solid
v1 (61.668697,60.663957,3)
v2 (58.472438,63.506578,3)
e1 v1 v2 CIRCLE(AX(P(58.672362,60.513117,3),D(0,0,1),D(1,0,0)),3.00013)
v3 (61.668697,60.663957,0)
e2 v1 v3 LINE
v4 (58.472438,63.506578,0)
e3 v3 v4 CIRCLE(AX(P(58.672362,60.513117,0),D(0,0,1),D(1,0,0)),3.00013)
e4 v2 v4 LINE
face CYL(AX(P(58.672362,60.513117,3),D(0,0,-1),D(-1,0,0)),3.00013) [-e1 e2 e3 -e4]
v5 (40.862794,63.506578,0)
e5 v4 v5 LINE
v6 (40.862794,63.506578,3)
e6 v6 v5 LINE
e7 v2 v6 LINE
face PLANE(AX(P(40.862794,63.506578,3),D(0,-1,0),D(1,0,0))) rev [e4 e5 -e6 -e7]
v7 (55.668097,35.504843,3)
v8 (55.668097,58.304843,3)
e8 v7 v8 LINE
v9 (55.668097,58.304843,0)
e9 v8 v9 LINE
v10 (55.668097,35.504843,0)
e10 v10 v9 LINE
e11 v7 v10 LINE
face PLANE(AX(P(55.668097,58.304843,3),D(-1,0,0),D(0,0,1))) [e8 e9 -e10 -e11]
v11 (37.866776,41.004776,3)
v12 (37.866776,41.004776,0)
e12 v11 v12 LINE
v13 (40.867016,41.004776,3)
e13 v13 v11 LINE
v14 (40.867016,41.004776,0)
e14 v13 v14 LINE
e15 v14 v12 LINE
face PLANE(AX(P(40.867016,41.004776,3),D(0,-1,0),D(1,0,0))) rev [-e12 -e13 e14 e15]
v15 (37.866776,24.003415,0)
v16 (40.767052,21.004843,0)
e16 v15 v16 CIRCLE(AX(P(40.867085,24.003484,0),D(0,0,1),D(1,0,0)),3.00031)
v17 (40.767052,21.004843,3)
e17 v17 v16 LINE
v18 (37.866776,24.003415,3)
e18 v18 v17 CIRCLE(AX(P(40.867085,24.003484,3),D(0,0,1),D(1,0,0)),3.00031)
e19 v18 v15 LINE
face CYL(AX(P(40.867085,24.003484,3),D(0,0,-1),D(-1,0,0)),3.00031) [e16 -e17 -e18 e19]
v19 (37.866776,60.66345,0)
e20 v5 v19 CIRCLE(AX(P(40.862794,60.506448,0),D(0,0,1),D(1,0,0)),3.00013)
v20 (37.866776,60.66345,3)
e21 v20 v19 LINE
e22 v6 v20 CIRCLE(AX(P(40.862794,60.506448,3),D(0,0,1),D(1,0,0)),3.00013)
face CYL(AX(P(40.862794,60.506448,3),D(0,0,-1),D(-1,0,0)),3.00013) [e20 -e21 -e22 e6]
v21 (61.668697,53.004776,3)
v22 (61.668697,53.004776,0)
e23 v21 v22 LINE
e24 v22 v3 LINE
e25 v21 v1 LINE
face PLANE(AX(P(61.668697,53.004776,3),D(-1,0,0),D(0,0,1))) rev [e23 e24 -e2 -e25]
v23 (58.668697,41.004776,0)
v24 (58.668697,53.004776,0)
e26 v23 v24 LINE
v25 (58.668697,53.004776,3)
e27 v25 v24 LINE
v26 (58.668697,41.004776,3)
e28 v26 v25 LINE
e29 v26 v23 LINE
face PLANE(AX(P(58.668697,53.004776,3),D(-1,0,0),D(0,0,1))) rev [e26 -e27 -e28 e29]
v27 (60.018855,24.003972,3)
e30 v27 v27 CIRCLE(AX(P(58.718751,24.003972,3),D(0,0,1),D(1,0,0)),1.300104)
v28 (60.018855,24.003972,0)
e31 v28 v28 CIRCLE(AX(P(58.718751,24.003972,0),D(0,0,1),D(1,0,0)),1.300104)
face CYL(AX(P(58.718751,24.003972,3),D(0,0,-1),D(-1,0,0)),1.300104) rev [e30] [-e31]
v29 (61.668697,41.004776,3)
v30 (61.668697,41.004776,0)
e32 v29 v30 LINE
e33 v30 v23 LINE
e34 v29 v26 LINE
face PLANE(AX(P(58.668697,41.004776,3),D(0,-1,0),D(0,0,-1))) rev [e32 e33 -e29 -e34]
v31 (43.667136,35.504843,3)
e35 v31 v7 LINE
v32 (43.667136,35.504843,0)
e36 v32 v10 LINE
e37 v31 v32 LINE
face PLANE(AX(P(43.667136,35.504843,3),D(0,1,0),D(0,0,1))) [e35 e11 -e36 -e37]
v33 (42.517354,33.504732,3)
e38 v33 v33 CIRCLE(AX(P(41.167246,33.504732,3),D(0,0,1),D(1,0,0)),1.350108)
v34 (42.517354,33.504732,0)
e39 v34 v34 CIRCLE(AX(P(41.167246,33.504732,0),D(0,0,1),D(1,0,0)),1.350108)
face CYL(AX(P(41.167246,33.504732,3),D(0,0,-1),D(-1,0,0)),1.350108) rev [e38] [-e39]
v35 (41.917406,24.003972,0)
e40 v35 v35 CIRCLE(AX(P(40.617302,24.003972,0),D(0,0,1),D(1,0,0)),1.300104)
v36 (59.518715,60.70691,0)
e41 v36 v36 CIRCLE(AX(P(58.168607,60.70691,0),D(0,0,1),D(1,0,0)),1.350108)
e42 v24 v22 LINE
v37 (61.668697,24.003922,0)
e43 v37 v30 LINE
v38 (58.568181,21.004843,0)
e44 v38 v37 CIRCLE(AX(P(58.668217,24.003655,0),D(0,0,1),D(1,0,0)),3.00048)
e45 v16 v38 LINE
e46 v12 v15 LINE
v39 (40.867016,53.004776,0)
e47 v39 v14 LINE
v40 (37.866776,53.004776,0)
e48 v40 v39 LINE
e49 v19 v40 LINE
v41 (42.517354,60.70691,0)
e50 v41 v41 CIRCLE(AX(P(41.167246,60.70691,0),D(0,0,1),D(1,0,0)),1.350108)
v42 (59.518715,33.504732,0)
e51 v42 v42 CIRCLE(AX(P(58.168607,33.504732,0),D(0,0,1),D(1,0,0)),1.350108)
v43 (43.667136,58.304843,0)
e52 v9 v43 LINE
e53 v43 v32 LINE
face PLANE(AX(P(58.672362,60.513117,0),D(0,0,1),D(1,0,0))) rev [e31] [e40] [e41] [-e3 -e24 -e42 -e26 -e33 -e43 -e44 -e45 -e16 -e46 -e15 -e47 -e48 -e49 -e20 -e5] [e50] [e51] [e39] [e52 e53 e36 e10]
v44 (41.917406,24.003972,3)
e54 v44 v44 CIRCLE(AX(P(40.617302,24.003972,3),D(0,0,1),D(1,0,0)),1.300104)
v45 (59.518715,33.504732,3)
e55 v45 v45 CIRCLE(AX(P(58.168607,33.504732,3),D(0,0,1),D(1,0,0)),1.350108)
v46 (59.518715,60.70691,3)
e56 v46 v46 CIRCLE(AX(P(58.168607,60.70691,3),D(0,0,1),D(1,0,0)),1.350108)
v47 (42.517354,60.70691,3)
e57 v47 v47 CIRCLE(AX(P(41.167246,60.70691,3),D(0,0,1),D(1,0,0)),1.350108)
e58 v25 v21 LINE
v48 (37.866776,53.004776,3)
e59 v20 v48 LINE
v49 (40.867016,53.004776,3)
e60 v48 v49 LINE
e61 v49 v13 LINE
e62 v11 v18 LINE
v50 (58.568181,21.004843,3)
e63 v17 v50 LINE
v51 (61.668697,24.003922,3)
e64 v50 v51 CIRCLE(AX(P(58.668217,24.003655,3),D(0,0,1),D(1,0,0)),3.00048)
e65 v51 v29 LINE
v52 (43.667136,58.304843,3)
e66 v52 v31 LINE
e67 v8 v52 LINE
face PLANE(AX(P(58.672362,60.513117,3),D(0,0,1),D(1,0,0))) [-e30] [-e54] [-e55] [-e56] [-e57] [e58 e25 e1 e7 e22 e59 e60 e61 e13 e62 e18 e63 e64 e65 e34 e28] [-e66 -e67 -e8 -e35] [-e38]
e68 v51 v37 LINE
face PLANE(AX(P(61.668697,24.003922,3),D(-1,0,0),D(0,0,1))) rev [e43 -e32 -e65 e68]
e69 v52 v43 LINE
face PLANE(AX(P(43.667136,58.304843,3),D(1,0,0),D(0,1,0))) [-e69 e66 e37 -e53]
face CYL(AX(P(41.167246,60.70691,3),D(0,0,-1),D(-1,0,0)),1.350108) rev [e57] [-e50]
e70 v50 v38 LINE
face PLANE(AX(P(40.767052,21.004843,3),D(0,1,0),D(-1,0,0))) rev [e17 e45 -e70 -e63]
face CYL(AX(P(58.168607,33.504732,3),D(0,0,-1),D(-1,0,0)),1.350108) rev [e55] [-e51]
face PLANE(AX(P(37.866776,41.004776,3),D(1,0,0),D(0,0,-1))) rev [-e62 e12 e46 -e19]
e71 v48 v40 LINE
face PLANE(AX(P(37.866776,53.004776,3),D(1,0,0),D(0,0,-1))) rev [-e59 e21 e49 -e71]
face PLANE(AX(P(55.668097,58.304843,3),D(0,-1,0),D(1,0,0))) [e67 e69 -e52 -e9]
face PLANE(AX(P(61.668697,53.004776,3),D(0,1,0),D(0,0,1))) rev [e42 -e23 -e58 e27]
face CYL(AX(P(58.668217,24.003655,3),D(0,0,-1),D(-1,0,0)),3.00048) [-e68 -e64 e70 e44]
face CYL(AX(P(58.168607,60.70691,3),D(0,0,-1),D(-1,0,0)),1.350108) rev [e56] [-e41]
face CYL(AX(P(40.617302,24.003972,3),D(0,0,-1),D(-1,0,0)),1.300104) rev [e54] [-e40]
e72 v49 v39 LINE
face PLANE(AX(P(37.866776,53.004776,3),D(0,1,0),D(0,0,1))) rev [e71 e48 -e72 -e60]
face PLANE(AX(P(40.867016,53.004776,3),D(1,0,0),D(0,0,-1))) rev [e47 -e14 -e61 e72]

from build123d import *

# Parameters (mm, degrees)
MODEL_R             = 1.350108094
MODEL_R_2           = 1.30010409
MODEL_W             = 12.000960833
MODEL_H             = 22.8
BOSS_EXTRUDE1_DEPTH = 3


with BuildPart() as part:
    # Model → Boss-Extrude1 (new body)
    with BuildSketch(Plane.XY):
        with BuildLine():
            Line((58.668697195, 41.004775949), (61.668697195, 41.004775949))
            Line((61.668697195, 41.004775949), (61.668697195, 24.003921827))
            ThreePointArc((61.668697195, 24.003921827), (60.754304786, 21.847009523), (58.568180571, 21.004842626))
            Line((58.568180571, 21.004842626), (40.767051953, 21.004842626))
            ThreePointArc((40.767051953, 21.004842626), (38.710492919, 21.917586858), (37.866775535, 24.003414768))
            Line((37.866775535, 24.003414768), (37.866775535, 41.004775949))
            Line((37.866775535, 41.004775949), (40.867015743, 41.004775949))
            Line((40.867015743, 41.004775949), (40.867015743, 53.004775949))
            Line((40.867015743, 53.004775949), (37.866775535, 53.004775949))
            Line((37.866775535, 53.004775949), (37.866775535, 60.663449882))
            ThreePointArc((37.866775535, 60.663449882), (38.797636626, 62.682660658), (40.862794137, 63.506577512))
            Line((40.862794137, 63.506577512), (58.472438386, 63.506577512))
            ThreePointArc((58.472438386, 63.506577512), (60.66612789, 62.754918404), (61.668697195, 60.663956941))
            Line((61.668697195, 60.663956941), (61.668697195, 53.004775949))
            Line((61.668697195, 53.004775949), (58.668697195, 53.004775949))
            Line((58.668697195, 53.004775949), (58.668697195, 41.004775949))
        make_face()
        with Locations((41.167245975, 60.70691038)):
            Circle(MODEL_R, mode=Mode.SUBTRACT)
        with Locations((58.168607156, 60.70691038)):
            Circle(MODEL_R, mode=Mode.SUBTRACT)
        with Locations((41.167245975, 33.504732491)):
            Circle(MODEL_R, mode=Mode.SUBTRACT)
        with Locations((58.168607156, 33.504732491)):
            Circle(MODEL_R, mode=Mode.SUBTRACT)
        with Locations((40.617301942, 24.003971828)):
            Circle(MODEL_R_2, mode=Mode.SUBTRACT)
        with Locations((58.718751199, 24.003971828)):
            Circle(MODEL_R_2, mode=Mode.SUBTRACT)
        with Locations((49.667616262, 46.904842626)):
            Rectangle(MODEL_W, MODEL_H, mode=Mode.SUBTRACT)
    extrude(amount=BOSS_EXTRUDE1_DEPTH)


solid = part.part
